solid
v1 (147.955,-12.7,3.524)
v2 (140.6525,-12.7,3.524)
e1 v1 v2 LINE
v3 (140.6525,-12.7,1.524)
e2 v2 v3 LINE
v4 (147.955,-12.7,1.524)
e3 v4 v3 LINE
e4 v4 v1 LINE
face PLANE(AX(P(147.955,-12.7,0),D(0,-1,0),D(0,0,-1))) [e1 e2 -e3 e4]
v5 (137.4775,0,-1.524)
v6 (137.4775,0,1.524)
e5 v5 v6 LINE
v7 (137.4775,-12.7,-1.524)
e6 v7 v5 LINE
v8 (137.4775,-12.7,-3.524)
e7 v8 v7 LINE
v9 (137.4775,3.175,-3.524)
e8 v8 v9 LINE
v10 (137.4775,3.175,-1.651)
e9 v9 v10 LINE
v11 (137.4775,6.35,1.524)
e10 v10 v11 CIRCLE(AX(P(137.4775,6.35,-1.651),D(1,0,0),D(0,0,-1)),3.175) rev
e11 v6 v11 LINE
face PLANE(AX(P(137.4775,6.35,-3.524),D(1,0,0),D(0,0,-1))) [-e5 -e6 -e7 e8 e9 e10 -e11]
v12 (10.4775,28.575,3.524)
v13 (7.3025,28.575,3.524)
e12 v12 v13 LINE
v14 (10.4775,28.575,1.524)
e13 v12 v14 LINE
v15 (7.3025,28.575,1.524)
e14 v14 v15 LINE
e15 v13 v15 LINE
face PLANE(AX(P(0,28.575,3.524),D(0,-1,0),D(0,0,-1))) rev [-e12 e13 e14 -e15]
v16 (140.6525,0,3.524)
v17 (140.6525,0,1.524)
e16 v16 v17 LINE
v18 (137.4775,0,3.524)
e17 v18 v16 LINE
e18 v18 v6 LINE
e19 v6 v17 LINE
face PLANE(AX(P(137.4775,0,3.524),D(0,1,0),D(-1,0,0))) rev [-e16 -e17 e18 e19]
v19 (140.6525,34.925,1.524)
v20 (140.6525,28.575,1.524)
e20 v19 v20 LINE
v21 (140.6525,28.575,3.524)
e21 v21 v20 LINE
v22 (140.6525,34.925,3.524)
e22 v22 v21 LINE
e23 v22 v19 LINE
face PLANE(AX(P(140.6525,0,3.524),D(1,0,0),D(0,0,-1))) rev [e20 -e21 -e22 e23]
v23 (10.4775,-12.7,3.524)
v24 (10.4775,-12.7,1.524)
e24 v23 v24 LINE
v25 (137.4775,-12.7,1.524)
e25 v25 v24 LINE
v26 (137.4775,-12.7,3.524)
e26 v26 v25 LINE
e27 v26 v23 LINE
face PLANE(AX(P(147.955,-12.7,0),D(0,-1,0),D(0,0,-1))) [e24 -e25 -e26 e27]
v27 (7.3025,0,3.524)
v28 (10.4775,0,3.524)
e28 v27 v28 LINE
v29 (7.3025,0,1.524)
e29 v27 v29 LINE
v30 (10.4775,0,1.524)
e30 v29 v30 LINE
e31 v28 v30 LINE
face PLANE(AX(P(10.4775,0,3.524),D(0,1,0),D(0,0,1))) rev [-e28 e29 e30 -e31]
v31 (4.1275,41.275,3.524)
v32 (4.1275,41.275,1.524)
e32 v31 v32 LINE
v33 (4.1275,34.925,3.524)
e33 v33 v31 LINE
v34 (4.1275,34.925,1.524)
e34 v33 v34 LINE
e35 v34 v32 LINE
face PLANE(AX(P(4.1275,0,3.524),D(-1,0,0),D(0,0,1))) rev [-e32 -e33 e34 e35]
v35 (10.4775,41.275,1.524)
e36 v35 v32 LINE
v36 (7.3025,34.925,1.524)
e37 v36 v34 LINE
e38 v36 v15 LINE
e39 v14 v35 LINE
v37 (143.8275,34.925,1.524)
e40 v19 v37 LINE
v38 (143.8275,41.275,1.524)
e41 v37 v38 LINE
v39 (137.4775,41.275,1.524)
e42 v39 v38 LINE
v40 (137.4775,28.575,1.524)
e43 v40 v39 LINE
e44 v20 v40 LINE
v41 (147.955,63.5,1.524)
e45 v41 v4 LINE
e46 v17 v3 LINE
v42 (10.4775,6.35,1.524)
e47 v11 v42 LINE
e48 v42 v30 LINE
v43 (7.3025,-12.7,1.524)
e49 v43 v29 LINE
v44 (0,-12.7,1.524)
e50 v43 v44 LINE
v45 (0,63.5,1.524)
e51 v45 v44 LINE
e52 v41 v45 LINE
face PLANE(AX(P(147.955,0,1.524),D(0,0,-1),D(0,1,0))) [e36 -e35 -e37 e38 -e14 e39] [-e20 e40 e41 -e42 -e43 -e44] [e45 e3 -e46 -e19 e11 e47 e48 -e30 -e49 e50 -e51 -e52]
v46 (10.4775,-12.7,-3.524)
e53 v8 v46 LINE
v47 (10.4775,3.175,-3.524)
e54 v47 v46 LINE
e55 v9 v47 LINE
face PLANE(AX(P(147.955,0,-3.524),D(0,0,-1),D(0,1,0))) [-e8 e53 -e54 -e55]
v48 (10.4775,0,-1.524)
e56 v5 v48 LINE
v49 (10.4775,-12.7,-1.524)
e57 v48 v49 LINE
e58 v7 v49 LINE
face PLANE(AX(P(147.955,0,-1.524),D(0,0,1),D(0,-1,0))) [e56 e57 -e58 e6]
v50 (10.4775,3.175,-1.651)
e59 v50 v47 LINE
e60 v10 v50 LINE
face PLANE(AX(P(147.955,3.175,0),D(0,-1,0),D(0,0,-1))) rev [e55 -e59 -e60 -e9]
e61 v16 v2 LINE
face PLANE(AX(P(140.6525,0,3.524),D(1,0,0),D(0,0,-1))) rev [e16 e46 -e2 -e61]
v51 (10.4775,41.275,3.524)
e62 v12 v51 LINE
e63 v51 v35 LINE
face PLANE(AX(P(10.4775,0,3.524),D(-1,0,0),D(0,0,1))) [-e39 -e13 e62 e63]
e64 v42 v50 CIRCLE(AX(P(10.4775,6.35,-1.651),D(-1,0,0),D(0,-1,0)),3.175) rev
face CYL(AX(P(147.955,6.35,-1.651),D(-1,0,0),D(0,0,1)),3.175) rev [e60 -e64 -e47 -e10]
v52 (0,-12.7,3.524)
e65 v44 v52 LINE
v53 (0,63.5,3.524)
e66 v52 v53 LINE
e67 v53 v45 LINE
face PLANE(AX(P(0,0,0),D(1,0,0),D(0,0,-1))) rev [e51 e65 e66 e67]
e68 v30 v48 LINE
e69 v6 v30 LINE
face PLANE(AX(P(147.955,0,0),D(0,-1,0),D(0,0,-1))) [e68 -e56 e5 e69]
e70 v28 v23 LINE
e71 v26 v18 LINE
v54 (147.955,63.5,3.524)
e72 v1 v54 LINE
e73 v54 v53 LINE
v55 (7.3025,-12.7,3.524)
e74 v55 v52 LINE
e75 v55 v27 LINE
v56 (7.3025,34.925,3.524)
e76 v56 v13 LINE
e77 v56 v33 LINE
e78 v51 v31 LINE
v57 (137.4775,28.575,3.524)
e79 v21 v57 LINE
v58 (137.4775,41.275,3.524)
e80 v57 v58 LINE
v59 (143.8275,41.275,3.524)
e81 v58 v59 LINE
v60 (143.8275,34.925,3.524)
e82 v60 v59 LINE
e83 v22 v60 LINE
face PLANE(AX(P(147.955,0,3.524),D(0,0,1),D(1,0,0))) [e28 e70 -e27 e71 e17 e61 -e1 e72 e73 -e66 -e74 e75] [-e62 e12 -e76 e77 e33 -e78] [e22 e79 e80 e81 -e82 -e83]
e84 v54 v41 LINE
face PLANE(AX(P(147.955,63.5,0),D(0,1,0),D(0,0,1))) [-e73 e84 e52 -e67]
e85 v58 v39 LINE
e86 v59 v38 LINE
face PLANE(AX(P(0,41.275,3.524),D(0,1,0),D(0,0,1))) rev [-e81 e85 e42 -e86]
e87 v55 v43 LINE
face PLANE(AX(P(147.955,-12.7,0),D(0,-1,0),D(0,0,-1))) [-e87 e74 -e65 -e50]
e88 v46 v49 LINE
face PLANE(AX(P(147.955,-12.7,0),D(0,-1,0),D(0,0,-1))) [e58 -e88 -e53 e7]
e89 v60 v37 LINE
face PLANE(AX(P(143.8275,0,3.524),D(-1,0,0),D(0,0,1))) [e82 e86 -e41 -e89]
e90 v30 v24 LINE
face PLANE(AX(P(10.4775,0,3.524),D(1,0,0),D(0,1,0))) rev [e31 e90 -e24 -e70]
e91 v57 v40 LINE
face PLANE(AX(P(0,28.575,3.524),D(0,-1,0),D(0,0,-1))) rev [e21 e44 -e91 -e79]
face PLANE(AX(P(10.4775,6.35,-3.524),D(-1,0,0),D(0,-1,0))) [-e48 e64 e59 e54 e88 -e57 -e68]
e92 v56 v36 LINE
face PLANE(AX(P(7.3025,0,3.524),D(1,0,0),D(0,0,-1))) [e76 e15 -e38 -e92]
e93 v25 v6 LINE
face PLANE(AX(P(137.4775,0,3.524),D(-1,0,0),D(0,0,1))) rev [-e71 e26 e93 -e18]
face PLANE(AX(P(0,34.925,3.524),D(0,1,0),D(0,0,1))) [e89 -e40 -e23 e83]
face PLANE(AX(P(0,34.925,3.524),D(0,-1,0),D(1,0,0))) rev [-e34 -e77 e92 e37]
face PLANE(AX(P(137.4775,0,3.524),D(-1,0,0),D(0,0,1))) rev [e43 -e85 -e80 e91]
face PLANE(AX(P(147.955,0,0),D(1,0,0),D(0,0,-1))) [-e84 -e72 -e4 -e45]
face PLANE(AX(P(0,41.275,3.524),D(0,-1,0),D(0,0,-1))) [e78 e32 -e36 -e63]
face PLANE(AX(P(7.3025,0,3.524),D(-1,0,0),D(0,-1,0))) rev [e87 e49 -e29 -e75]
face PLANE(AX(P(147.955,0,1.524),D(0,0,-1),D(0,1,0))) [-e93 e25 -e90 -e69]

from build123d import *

# Parameters (mm, degrees)
BOSS_EXTRUDE1_DEPTH = 147.955
SKETCH2_W           = 10.4775
SKETCH2_H           = 19.05
CUT_EXTRUDE1_DEPTH  = 162.085115169
SKETCH3_W           = 3.175
SKETCH3_H           = 12.7
CUT_EXTRUDE2_DEPTH  = 162.085115169
SKETCH4_W           = 6.35
SKETCH4_H           = 6.35
SKETCH4_W_2         = 3.175
CUT_EXTRUDE3_DEPTH  = 162.085115169


with BuildPart() as part:
    # Sketch1 → Boss-Extrude1 (new body)
    with BuildSketch(Plane(origin=(0, 0, 0), x_dir=(0, 0, -1), z_dir=(1, 0, 0))):
        with BuildLine():
            Line((1.524, 0), (1.524, -12.7))
            Line((1.524, -12.7), (3.524, -12.7))
            Line((3.524, -12.7), (3.524, 3.175))
            Line((3.524, 3.175), (1.651, 3.175))
            ThreePointArc((1.651, 3.175), (-0.59406403, 4.10493597), (-1.524, 6.35))
            Line((-1.524, 6.35), (-1.524, 63.5))
            Line((-1.524, 63.5), (-3.524, 63.5))
            Line((-3.524, 63.5), (-3.524, -12.7))
            Line((-3.524, -12.7), (-1.524, -12.7))
            Line((-1.524, -12.7), (-1.524, 0))
            Line((-1.524, 0), (1.524, 0))
        make_face()
    extrude(amount=BOSS_EXTRUDE1_DEPTH)

    # Sketch2 → Cut-Extrude1 (cut, through all)
    with BuildSketch(Plane(origin=(0, 0, 1.524), x_dir=(-1, 0, 0), z_dir=(0, 0, -1))):
        with Locations((-142.71625, -3.175)):
            Rectangle(SKETCH2_W, SKETCH2_H)
        with Locations((-5.23875, -3.175)):
            Rectangle(SKETCH2_W, SKETCH2_H)
    extrude(amount=CUT_EXTRUDE1_DEPTH, mode=Mode.SUBTRACT)

    # Sketch3 → Cut-Extrude2 (cut, through all)
    with BuildSketch(Plane(origin=(0, 0, 1.524), x_dir=(-1, 0, 0), z_dir=(0, 0, -1))):
        with Locations((-139.065, -6.35)):
            Rectangle(SKETCH3_W, SKETCH3_H)
        with Locations((-8.89, -6.35)):
            Rectangle(SKETCH3_W, SKETCH3_H)
    extrude(amount=-CUT_EXTRUDE2_DEPTH, mode=Mode.SUBTRACT)

    # Sketch4 → Cut-Extrude3 (cut, through all)
    with BuildSketch(Plane(origin=(0, 0, 1.524), x_dir=(-1, 0, 0), z_dir=(0, 0, -1))):
        with Locations((-140.6525, 38.1)):
            Rectangle(SKETCH4_W, SKETCH4_H)
        with Locations((-139.065, 31.75)):
            Rectangle(SKETCH4_W_2, SKETCH4_H)
        Polygon((-10.4775, 41.275), (-10.4775, 34.925), (-7.3025, 34.925), (-4.1275, 34.925), (-4.1275, 41.275), align=None)
        with Locations((-8.89, 31.75)):
            Rectangle(SKETCH4_W_2, SKETCH4_H)
    extrude(amount=-CUT_EXTRUDE3_DEPTH, mode=Mode.SUBTRACT)


solid = part.part
